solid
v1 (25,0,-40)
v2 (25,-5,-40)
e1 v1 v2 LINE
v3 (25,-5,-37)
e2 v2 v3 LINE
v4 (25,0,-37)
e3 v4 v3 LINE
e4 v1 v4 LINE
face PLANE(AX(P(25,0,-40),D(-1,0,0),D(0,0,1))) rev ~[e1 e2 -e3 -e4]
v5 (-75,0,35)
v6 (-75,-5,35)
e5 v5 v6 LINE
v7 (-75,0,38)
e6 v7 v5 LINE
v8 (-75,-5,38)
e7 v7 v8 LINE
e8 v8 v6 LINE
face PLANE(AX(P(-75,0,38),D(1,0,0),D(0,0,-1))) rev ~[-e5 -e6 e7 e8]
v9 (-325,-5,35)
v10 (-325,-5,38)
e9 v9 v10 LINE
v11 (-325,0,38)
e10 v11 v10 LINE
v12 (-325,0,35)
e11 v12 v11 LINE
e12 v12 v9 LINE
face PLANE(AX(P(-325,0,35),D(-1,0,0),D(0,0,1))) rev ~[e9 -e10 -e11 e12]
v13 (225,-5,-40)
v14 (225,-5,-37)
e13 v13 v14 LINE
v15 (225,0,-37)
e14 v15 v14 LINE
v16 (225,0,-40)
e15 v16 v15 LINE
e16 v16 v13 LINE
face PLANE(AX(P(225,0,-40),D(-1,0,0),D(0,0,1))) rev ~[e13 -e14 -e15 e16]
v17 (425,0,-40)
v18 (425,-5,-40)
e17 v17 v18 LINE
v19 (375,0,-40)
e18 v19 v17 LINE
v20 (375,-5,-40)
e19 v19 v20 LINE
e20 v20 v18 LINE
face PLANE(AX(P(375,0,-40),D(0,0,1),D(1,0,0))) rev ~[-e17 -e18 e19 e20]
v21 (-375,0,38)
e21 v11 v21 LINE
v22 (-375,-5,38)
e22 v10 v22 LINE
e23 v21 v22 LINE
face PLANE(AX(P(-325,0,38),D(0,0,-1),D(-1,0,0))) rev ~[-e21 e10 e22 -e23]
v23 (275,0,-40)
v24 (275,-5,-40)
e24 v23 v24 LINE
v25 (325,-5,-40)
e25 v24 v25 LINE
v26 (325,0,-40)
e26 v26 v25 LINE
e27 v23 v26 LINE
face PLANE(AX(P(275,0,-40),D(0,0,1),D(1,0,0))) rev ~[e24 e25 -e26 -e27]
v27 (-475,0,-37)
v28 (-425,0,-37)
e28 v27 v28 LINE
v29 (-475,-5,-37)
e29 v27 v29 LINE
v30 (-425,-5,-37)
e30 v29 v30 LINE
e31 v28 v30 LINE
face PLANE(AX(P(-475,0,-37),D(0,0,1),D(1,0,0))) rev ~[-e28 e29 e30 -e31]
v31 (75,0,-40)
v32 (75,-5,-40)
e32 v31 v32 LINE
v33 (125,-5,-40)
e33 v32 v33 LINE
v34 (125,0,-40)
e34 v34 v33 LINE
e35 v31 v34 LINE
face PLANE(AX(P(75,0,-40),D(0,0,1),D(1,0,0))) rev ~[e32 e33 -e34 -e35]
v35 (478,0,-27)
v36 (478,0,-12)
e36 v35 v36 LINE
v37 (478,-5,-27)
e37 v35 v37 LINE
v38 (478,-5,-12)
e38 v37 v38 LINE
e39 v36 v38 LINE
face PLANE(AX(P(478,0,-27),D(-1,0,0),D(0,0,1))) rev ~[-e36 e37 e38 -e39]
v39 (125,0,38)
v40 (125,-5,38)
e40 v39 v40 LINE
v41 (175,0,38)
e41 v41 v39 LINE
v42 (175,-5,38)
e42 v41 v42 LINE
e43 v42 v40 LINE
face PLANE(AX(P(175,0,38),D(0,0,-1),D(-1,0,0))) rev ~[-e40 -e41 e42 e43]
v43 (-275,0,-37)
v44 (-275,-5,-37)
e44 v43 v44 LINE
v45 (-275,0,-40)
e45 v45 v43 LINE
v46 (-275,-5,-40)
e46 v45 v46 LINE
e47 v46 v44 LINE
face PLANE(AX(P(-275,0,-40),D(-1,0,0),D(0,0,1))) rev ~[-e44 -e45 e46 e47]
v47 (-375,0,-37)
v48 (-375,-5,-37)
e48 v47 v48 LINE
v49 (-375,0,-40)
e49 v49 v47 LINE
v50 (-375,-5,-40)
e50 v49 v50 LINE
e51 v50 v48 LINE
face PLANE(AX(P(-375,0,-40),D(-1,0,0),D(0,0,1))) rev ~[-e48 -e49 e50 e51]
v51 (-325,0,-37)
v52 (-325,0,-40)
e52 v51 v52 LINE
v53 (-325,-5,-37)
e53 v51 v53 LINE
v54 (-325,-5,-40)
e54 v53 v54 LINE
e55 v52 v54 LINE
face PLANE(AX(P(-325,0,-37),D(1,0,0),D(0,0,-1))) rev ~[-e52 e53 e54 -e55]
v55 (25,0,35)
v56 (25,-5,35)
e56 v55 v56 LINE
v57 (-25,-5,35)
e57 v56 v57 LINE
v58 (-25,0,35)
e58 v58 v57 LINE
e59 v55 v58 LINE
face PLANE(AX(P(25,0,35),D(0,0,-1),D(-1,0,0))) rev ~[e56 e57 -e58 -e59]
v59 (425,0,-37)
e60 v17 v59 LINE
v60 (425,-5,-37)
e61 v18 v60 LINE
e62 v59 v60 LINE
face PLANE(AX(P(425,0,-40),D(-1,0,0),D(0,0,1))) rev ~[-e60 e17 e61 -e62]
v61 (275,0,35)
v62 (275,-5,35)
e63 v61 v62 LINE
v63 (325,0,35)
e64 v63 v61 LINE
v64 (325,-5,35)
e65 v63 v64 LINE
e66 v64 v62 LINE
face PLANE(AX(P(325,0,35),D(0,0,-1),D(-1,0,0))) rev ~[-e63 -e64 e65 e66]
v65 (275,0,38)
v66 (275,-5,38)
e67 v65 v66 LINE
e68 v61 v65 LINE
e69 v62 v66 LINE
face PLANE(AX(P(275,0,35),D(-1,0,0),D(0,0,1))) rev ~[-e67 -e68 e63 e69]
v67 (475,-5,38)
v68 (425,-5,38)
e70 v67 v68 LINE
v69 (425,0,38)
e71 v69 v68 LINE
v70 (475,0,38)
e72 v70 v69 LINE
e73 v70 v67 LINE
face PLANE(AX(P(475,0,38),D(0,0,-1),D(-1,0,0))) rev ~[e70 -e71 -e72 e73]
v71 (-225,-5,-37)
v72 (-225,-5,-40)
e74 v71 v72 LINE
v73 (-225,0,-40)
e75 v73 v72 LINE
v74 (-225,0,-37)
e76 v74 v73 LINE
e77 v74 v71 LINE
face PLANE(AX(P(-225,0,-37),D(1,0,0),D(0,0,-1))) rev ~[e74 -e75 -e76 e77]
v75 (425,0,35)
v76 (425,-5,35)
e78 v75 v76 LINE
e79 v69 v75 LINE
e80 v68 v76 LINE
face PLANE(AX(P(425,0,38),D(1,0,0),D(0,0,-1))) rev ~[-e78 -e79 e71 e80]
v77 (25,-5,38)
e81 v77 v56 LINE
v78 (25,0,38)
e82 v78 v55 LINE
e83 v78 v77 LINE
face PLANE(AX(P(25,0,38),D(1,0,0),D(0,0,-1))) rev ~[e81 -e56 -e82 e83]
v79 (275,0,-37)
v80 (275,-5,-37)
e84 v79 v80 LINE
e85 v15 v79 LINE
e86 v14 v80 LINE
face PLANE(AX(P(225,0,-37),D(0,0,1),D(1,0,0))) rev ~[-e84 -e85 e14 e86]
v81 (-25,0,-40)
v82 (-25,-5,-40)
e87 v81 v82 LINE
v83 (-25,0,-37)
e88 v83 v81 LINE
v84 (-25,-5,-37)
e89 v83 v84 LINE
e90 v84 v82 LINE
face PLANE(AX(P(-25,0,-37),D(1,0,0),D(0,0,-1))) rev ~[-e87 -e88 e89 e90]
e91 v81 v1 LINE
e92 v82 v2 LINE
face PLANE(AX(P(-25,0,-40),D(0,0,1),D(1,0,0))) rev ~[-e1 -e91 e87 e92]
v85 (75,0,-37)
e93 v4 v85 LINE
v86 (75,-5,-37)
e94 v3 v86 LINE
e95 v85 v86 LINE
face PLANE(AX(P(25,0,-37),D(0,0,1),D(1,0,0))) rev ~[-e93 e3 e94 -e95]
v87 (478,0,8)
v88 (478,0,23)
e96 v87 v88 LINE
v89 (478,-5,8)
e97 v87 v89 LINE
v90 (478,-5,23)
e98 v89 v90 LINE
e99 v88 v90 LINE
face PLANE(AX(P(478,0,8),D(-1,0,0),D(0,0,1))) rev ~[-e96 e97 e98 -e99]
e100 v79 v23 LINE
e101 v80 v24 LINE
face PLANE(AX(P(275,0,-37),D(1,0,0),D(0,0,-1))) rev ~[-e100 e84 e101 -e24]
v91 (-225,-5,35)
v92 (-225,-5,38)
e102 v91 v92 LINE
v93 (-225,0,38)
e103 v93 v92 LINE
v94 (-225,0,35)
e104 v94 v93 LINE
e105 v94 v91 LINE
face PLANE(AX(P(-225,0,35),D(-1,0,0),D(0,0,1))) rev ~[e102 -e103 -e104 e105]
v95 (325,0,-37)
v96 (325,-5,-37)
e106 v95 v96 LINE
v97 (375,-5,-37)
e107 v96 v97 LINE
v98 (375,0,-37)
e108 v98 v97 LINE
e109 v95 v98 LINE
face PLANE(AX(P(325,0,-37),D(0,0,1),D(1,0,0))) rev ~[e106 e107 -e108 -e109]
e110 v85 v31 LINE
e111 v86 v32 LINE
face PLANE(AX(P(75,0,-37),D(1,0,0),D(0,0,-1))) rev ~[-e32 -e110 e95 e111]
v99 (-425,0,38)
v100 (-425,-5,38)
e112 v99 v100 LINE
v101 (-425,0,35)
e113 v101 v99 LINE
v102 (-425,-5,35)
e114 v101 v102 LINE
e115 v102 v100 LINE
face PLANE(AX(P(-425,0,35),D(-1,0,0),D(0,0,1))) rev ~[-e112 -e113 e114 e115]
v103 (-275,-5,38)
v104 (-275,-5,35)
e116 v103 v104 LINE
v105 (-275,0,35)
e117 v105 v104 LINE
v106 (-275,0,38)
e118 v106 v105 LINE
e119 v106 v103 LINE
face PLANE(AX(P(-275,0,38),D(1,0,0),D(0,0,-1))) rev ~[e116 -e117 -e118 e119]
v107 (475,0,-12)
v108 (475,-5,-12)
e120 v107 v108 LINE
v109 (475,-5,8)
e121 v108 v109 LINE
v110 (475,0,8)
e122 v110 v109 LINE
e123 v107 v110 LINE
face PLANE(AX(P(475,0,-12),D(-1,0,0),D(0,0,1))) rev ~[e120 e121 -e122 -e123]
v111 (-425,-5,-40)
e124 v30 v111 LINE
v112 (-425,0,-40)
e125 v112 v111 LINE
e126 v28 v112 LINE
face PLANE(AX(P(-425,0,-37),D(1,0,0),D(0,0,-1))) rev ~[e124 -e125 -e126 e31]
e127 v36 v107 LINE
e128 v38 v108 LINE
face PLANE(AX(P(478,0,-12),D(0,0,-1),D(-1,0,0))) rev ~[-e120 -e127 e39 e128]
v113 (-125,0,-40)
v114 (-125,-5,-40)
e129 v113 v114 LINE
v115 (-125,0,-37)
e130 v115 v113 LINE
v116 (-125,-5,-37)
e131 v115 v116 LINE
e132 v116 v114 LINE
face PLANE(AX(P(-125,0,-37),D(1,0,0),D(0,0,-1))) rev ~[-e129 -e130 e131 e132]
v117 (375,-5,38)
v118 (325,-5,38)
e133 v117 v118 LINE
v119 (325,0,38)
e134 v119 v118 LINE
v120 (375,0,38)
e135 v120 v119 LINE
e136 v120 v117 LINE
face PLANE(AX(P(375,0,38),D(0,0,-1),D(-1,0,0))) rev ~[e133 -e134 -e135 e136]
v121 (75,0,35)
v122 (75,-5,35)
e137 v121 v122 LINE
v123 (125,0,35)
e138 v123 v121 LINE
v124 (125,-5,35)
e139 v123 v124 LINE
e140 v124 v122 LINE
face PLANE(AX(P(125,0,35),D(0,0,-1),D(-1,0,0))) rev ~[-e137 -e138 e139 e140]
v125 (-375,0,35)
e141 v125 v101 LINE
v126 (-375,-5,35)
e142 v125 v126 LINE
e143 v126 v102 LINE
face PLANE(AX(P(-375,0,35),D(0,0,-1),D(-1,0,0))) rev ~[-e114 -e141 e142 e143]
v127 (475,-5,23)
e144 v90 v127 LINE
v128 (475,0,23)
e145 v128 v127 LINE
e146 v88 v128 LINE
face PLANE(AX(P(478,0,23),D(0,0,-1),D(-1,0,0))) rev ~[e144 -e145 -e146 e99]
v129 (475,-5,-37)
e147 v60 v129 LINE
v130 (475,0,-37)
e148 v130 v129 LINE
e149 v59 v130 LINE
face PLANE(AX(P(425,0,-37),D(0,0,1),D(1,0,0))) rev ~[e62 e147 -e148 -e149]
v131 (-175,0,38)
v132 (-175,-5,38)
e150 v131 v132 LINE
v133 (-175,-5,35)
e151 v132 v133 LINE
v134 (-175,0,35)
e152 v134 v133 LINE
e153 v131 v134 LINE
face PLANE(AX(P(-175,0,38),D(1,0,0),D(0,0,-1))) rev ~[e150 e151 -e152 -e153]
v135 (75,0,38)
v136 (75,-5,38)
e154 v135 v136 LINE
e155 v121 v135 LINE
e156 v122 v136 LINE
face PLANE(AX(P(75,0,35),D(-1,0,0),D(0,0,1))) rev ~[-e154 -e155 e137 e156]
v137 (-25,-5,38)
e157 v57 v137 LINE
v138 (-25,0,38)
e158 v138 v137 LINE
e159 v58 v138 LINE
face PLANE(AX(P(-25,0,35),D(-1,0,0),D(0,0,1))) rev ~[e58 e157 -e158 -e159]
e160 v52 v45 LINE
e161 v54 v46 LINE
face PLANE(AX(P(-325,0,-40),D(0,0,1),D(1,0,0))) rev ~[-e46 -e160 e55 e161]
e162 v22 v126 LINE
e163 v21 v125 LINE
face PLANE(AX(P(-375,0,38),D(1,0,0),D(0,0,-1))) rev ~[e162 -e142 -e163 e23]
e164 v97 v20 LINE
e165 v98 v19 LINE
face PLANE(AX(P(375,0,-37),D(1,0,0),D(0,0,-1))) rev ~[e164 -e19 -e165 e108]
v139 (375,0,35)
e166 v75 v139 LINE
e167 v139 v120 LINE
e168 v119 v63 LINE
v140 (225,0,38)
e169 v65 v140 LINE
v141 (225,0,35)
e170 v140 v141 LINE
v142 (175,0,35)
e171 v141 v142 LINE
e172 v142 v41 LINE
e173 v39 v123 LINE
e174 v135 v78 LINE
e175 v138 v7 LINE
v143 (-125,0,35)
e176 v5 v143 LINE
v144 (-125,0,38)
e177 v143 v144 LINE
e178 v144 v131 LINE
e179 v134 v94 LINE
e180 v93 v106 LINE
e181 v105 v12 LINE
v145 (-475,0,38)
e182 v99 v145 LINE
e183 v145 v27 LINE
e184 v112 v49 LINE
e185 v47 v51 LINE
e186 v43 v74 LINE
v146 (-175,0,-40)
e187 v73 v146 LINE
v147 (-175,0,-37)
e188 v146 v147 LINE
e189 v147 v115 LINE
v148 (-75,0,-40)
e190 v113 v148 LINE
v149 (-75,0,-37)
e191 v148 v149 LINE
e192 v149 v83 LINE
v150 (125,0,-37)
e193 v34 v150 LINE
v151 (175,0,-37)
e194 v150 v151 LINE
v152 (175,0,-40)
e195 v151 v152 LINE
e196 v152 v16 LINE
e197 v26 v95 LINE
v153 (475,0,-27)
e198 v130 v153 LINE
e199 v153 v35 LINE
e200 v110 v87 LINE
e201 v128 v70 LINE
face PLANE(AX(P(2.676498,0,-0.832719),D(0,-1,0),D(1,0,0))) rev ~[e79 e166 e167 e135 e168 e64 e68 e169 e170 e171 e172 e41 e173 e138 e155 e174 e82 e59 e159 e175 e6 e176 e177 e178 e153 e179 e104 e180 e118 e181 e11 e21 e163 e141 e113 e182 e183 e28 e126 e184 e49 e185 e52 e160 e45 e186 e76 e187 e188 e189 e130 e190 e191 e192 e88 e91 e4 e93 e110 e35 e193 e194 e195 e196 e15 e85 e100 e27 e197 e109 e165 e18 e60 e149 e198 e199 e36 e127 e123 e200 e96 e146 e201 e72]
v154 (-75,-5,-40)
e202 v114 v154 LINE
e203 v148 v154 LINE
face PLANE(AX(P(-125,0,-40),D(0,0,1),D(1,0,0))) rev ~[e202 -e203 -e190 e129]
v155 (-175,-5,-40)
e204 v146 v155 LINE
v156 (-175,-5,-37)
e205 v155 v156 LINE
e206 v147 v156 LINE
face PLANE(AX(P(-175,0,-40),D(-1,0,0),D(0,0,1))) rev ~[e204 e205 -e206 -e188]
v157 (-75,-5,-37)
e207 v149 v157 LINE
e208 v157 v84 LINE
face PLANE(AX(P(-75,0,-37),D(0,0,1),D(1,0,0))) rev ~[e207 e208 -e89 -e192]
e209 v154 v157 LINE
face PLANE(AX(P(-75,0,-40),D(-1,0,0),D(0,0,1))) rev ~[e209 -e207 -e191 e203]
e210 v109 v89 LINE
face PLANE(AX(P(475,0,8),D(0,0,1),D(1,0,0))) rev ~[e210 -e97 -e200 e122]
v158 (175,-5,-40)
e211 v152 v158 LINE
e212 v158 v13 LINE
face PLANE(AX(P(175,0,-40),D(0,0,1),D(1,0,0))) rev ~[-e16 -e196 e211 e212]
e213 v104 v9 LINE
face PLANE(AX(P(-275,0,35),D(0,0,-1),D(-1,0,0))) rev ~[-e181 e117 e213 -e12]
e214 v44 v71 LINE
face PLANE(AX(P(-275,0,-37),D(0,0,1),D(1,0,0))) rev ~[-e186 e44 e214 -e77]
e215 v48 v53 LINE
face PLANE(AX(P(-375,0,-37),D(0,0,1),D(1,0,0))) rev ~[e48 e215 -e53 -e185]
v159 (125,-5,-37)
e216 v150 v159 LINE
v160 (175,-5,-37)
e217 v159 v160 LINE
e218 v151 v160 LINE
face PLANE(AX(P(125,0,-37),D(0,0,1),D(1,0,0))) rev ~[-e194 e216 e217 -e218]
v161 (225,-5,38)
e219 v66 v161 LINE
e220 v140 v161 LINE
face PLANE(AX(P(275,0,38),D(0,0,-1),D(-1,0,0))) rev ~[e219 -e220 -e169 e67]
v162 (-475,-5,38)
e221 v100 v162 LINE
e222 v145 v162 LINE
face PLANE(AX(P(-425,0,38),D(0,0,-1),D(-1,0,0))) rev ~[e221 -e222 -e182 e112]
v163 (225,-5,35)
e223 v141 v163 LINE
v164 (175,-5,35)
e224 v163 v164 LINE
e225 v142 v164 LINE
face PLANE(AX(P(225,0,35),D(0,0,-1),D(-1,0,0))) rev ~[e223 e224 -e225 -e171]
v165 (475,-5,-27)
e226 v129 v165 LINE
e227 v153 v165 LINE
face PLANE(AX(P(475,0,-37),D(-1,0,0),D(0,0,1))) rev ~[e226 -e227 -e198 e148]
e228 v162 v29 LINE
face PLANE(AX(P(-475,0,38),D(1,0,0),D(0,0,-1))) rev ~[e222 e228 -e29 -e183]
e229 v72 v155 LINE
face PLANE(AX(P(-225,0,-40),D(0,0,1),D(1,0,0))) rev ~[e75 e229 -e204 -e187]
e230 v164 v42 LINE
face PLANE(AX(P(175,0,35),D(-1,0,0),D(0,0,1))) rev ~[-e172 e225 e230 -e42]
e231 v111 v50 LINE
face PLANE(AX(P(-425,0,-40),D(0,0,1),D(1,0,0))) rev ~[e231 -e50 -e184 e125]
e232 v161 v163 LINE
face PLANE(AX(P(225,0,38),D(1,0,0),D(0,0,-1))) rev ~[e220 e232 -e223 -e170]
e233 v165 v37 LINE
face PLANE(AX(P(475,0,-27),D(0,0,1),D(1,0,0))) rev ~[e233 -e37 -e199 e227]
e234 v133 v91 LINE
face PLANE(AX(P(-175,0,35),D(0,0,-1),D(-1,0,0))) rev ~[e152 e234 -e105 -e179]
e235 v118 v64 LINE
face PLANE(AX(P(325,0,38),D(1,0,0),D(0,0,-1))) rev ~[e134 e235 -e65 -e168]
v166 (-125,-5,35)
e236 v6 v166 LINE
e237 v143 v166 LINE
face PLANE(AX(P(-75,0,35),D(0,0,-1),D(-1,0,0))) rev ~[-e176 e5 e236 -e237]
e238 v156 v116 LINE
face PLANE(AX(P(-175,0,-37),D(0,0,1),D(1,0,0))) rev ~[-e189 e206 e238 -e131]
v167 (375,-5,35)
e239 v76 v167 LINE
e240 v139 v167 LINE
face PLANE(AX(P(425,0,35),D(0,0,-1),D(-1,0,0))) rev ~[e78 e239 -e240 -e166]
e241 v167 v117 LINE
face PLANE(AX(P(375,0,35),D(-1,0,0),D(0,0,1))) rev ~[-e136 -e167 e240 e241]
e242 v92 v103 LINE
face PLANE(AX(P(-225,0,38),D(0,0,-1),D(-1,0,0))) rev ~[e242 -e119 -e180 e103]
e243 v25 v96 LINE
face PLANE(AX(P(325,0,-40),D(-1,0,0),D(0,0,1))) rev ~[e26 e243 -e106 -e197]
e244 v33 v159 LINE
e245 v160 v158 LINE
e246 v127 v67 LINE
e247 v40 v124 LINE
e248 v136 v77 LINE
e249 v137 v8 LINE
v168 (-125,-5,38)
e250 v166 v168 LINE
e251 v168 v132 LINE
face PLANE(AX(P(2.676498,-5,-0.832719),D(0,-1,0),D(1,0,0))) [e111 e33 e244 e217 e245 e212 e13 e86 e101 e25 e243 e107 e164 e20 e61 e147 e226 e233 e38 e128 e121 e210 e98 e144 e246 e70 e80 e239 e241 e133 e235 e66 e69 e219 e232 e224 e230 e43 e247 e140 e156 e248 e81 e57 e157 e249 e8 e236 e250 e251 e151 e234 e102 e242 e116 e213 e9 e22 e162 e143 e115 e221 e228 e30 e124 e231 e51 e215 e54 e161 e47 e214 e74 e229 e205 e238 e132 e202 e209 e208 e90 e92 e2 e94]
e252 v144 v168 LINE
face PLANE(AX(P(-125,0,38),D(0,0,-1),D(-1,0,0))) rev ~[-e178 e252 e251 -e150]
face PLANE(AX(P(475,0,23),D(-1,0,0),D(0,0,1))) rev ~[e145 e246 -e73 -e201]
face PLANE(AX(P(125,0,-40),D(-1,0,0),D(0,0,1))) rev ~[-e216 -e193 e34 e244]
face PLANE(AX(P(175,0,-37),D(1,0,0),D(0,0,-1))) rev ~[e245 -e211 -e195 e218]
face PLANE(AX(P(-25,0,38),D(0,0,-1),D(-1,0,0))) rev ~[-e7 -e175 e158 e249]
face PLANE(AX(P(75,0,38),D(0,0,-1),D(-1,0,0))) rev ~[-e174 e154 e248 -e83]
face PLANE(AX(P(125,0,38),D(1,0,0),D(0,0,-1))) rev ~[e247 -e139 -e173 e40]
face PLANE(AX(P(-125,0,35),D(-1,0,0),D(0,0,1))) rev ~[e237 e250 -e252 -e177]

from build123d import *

# Parameters (mm, degrees)
F1_DEPTH = 5


with BuildPart() as f1:
    # F0 (on Front) → F1 (new body)
    with BuildSketch(Plane.XZ):
        Polygon((-375, 35), (-425, 35), (-425, 38), (-475, 38), (-475, 35), (-475, -37), (-425, -37), (-425, -40), (-375, -40), (-375, -37), (-325, -37), (-325, -40), (-275, -40), (-275, -37), (-225, -37), (-225, -40), (-175, -40), (-175, -37), (-125, -37), (-125, -40), (-75, -40), (-75, -37), (-25, -37), (-25, -40), (25, -40), (25, -37), (75, -37), (75, -40), (125, -40), (125, -37), (175, -37), (175, -40), (225, -40), (225, -37), (275, -37), (275, -40), (325, -40), (325, -37), (375, -37), (375, -40), (425, -40), (425, -37), (475, -37), (475, -27), (478, -27), (478, -12), (475, -12), (475, 8), (478, 8), (478, 23), (475, 23), (475, 35), (475, 38), (425, 38), (425, 35), (375, 35), (375, 38), (325, 38), (325, 35), (275, 35), (275, 38), (225, 38), (225, 35), (175, 35), (175, 38), (125, 38), (125, 35), (75, 35), (75, 38), (25, 38), (25, 35), (-25, 35), (-25, 38), (-75, 38), (-75, 35), (-125, 35), (-125, 38), (-175, 38), (-175, 35), (-225, 35), (-225, 38), (-275, 38), (-275, 35), (-325, 35), (-325, 38), (-375, 38), align=None)
    extrude(amount=F1_DEPTH)


solid = f1.part
